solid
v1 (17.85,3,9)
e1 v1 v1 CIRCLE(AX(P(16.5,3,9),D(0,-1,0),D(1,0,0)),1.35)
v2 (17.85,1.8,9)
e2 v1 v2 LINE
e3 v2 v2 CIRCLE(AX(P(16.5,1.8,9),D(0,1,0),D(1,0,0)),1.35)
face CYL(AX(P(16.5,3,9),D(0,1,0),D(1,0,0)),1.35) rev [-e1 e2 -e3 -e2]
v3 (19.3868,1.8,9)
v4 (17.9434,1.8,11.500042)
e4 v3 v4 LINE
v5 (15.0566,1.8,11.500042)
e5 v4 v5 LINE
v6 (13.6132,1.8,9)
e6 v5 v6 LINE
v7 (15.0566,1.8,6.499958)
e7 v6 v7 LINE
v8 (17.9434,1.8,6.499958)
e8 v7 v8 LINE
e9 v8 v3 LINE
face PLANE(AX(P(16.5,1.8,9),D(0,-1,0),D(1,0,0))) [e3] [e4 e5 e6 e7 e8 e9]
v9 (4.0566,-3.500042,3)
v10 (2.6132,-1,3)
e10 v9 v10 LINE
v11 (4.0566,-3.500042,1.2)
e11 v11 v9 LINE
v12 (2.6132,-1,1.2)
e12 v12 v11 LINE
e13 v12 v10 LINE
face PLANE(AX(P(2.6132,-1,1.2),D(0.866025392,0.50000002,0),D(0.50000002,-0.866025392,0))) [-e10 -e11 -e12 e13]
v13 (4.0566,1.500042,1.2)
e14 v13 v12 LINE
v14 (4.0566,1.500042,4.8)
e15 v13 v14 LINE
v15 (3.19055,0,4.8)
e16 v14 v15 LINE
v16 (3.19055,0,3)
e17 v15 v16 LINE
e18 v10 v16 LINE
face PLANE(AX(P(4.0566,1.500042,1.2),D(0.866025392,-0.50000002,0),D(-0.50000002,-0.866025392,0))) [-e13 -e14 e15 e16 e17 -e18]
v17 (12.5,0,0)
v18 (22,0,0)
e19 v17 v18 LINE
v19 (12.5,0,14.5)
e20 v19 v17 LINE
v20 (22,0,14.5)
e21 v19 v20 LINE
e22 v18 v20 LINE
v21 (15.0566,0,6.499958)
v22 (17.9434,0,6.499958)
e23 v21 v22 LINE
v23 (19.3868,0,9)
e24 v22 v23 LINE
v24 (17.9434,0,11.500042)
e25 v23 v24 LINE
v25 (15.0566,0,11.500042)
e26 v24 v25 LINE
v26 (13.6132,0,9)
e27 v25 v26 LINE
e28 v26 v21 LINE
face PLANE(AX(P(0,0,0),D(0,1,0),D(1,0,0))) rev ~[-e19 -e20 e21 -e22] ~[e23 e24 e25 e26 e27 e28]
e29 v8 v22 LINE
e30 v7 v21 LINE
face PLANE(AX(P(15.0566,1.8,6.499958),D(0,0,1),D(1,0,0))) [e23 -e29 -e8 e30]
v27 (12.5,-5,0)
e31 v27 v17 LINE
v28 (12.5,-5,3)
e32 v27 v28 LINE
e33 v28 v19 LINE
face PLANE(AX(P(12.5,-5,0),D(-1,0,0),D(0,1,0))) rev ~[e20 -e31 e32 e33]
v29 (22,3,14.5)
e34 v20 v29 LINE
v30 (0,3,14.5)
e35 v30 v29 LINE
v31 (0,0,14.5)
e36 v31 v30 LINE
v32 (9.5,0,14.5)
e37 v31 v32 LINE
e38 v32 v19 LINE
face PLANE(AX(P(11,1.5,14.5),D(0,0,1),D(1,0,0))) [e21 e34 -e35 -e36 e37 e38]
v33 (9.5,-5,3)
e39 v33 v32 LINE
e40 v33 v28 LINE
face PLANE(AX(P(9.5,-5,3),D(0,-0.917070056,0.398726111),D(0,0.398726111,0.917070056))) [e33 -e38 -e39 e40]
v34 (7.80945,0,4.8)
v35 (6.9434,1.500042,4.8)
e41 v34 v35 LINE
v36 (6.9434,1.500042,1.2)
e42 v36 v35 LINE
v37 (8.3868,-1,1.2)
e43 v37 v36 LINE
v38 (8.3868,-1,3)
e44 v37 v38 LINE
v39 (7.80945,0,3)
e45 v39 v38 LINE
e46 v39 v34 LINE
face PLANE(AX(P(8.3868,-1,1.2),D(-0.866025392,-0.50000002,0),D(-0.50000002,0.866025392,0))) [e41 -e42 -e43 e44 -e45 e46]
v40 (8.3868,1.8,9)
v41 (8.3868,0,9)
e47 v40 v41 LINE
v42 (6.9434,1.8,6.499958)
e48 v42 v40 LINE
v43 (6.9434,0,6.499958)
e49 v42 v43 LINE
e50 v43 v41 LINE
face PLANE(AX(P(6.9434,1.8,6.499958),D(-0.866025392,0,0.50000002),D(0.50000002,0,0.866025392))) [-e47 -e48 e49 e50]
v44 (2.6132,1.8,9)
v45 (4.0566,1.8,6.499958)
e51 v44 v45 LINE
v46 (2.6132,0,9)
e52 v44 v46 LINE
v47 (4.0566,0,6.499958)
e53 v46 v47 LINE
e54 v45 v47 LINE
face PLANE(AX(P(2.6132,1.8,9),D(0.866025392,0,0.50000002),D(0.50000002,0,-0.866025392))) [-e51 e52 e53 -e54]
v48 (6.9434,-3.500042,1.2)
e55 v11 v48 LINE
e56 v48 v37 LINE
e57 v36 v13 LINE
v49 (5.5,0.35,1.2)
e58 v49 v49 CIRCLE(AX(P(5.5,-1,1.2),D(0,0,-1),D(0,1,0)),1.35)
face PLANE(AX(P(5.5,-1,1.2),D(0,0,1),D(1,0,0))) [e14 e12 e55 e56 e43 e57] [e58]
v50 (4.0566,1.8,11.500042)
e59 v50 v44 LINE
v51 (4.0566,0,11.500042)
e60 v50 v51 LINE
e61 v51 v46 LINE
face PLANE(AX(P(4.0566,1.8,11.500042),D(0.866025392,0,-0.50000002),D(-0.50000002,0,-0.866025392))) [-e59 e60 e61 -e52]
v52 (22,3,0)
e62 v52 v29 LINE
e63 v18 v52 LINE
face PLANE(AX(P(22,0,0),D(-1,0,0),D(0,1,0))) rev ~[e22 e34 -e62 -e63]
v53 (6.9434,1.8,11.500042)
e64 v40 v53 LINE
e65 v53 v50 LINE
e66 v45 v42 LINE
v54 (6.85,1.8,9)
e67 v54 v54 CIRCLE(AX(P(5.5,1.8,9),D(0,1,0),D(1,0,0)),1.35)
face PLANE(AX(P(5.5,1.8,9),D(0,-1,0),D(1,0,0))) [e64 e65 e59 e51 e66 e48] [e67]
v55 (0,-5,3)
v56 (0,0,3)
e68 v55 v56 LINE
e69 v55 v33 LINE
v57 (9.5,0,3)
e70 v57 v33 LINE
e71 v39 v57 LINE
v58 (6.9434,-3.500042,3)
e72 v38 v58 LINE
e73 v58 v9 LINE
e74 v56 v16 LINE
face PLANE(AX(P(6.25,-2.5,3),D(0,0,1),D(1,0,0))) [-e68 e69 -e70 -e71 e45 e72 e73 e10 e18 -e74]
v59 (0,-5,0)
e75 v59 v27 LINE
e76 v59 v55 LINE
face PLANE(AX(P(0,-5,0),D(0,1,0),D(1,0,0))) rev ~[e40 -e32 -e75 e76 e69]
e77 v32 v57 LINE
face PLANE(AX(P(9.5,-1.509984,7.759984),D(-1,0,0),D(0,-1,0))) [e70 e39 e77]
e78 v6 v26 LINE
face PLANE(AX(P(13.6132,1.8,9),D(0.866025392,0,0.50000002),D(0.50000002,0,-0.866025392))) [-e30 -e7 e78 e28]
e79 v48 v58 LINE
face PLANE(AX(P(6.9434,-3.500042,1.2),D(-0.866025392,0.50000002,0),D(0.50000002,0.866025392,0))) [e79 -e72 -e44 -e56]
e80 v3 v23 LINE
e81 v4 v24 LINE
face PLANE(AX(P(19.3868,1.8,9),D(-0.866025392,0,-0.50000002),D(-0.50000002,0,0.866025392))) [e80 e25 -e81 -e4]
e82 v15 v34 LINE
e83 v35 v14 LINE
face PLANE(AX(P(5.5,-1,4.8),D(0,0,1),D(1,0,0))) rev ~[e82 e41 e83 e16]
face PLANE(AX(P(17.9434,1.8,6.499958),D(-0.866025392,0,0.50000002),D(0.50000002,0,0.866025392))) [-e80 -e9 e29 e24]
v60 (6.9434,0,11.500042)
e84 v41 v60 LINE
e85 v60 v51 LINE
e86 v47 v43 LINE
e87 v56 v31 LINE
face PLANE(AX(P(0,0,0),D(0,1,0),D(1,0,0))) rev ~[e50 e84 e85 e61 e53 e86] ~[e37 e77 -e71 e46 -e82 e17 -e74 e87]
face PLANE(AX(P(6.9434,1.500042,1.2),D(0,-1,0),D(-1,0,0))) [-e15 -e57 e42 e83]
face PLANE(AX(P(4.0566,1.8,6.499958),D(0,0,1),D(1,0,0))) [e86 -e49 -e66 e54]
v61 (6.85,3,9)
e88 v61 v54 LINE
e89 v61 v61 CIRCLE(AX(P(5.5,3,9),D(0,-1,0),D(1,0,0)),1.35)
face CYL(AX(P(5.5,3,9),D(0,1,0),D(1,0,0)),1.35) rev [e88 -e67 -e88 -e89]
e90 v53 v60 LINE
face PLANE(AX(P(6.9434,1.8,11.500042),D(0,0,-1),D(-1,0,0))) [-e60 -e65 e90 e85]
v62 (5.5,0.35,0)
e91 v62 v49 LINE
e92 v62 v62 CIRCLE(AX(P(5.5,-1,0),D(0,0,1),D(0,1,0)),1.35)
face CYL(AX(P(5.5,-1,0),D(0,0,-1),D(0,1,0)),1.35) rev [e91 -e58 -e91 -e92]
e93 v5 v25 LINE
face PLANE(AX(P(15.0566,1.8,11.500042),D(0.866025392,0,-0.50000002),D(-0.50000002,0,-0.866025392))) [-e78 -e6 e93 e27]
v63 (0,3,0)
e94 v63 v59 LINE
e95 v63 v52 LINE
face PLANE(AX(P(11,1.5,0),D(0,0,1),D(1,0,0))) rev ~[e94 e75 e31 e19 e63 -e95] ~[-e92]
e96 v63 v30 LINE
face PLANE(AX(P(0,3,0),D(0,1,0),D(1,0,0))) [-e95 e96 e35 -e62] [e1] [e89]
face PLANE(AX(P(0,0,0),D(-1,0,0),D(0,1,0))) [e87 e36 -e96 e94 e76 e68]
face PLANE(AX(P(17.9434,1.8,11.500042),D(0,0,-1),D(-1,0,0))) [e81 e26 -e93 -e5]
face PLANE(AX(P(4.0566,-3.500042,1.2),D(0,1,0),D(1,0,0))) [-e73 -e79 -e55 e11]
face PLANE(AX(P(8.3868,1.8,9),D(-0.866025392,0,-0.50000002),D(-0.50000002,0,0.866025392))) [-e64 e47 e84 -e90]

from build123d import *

# Parameters (mm, degrees)
EXTRUDE003_DEPTH  = 3.6
CYLINDER002_R     = 1.35
CYLINDER002_DEPTH = 3
EXTRUDE002_DEPTH  = 1.8
CYLINDER003_R     = 1.35
CYLINDER003_DEPTH = 30
EXTRUDE001_DEPTH  = 1.8
CYLINDER_R        = 1.35
CYLINDER_DEPTH    = 3
BOX_W             = 22
BOX_H             = 3
BOX_DEPTH         = 14.5
BOX001_W          = 12.5
BOX001_H          = 5
BOX001_DEPTH      = 3
EXTRUDE_DEPTH     = 3


with BuildPart() as extrude003:
    # Sketch003 → Extrude003 (new body)
    with BuildSketch(Plane.XY):
        Polygon((2.8868, 0), (1.4434, 2.500042), (-1.4434, 2.500042), (-2.8868, 0), (-1.4434, -2.500042), (1.4434, -2.500042), align=None)
    extrude(amount=EXTRUDE003_DEPTH)


with BuildPart() as extrude003_1:
    # Extrude003 placement: moved
    add(extrude003.part.moved(Location((5.5, -1, 1.2))))


with BuildPart() as hole03:
    # Cylinder002 → Cylinder002 (new body)
    with BuildSketch(Plane(origin=(5.5, -1, 0), x_dir=(0, 1, 0), z_dir=(0, 0, 1))):
        Circle(CYLINDER002_R)
    extrude(amount=CYLINDER002_DEPTH)

    # Fusion002: union Extrude003
    add(extrude003_1.part)


with BuildPart() as extrude002:
    # Sketch002 → Extrude002 (new body)
    with BuildSketch(Plane(origin=(16.5, 1.8, 9), x_dir=(1, 0, 0), z_dir=(0, -1, 0))):
        Polygon((2.8868, 0), (1.4434, 2.500042), (-1.4434, 2.500042), (-2.8868, 0), (-1.4434, -2.500042), (1.4434, -2.500042), align=None)
    extrude(amount=EXTRUDE002_DEPTH)


with BuildPart() as hole02:
    # Cylinder003 → Cylinder003 (new body)
    with BuildSketch(Plane(origin=(16.5, 3, 9), x_dir=(1, 0, 0), z_dir=(0, -1, 0))):
        Circle(CYLINDER003_R)
    extrude(amount=CYLINDER003_DEPTH)

    # Fusion001: union Extrude002
    add(extrude002.part)


with BuildPart() as extrude001:
    # Sketch001 → Extrude001 (new body)
    with BuildSketch(Plane(origin=(5.5, 1.8, 9), x_dir=(1, 0, 0), z_dir=(0, -1, 0))):
        Polygon((2.8868, 0), (1.4434, 2.500042), (-1.4434, 2.500042), (-2.8868, 0), (-1.4434, -2.500042), (1.4434, -2.500042), align=None)
    extrude(amount=EXTRUDE001_DEPTH)


with BuildPart() as hole01:
    # Cylinder → Cylinder (new body)
    with BuildSketch(Plane(origin=(5.5, 3, 9), x_dir=(1, 0, 0), z_dir=(0, -1, 0))):
        Circle(CYLINDER_R)
    extrude(amount=CYLINDER_DEPTH)

    # Fusion: union Extrude001
    add(extrude001.part)


with BuildPart() as cut001:
    # Box → Box (new body)
    with BuildSketch(Plane.XY):
        with Locations((11, 1.5)):
            Rectangle(BOX_W, BOX_H)
    extrude(amount=BOX_DEPTH)

    # Cut: cut Hole01
    add(hole01.part, mode=Mode.SUBTRACT)

    # Cut001: cut Hole02
    add(hole02.part, mode=Mode.SUBTRACT)


with BuildPart() as cut002:
    # Box001 → Box001 (new body)
    with BuildSketch(Plane(origin=(0, -5, 0), x_dir=(1, 0, 0), z_dir=(0, 0, 1))):
        with Locations((6.25, 2.5)):
            Rectangle(BOX001_W, BOX001_H)
    extrude(amount=BOX001_DEPTH)

    # Fusion003: union Cut001
    add(cut001.part)

    # Cut002: cut Hole03
    add(hole03.part, mode=Mode.SUBTRACT)


with BuildPart() as left_hand_bracket:
    # Sketch → Extrude (new body)
    with BuildSketch(Plane(origin=(0, 0, 1.4), x_dir=(0, 1, 0), z_dir=(1, 0, 0))):
        Polygon((0, 11.5), (0, 0), (-5, 0), align=None)
    extrude(amount=EXTRUDE_DEPTH)


with BuildPart() as left_hand_bracket_1:
    # Extrude placement: moved
    add(left_hand_bracket.part.moved(Location((9.5, 0, 1.6))))

    # Fusion004: union Cut002
    add(cut002.part)


solid = left_hand_bracket_1.part
